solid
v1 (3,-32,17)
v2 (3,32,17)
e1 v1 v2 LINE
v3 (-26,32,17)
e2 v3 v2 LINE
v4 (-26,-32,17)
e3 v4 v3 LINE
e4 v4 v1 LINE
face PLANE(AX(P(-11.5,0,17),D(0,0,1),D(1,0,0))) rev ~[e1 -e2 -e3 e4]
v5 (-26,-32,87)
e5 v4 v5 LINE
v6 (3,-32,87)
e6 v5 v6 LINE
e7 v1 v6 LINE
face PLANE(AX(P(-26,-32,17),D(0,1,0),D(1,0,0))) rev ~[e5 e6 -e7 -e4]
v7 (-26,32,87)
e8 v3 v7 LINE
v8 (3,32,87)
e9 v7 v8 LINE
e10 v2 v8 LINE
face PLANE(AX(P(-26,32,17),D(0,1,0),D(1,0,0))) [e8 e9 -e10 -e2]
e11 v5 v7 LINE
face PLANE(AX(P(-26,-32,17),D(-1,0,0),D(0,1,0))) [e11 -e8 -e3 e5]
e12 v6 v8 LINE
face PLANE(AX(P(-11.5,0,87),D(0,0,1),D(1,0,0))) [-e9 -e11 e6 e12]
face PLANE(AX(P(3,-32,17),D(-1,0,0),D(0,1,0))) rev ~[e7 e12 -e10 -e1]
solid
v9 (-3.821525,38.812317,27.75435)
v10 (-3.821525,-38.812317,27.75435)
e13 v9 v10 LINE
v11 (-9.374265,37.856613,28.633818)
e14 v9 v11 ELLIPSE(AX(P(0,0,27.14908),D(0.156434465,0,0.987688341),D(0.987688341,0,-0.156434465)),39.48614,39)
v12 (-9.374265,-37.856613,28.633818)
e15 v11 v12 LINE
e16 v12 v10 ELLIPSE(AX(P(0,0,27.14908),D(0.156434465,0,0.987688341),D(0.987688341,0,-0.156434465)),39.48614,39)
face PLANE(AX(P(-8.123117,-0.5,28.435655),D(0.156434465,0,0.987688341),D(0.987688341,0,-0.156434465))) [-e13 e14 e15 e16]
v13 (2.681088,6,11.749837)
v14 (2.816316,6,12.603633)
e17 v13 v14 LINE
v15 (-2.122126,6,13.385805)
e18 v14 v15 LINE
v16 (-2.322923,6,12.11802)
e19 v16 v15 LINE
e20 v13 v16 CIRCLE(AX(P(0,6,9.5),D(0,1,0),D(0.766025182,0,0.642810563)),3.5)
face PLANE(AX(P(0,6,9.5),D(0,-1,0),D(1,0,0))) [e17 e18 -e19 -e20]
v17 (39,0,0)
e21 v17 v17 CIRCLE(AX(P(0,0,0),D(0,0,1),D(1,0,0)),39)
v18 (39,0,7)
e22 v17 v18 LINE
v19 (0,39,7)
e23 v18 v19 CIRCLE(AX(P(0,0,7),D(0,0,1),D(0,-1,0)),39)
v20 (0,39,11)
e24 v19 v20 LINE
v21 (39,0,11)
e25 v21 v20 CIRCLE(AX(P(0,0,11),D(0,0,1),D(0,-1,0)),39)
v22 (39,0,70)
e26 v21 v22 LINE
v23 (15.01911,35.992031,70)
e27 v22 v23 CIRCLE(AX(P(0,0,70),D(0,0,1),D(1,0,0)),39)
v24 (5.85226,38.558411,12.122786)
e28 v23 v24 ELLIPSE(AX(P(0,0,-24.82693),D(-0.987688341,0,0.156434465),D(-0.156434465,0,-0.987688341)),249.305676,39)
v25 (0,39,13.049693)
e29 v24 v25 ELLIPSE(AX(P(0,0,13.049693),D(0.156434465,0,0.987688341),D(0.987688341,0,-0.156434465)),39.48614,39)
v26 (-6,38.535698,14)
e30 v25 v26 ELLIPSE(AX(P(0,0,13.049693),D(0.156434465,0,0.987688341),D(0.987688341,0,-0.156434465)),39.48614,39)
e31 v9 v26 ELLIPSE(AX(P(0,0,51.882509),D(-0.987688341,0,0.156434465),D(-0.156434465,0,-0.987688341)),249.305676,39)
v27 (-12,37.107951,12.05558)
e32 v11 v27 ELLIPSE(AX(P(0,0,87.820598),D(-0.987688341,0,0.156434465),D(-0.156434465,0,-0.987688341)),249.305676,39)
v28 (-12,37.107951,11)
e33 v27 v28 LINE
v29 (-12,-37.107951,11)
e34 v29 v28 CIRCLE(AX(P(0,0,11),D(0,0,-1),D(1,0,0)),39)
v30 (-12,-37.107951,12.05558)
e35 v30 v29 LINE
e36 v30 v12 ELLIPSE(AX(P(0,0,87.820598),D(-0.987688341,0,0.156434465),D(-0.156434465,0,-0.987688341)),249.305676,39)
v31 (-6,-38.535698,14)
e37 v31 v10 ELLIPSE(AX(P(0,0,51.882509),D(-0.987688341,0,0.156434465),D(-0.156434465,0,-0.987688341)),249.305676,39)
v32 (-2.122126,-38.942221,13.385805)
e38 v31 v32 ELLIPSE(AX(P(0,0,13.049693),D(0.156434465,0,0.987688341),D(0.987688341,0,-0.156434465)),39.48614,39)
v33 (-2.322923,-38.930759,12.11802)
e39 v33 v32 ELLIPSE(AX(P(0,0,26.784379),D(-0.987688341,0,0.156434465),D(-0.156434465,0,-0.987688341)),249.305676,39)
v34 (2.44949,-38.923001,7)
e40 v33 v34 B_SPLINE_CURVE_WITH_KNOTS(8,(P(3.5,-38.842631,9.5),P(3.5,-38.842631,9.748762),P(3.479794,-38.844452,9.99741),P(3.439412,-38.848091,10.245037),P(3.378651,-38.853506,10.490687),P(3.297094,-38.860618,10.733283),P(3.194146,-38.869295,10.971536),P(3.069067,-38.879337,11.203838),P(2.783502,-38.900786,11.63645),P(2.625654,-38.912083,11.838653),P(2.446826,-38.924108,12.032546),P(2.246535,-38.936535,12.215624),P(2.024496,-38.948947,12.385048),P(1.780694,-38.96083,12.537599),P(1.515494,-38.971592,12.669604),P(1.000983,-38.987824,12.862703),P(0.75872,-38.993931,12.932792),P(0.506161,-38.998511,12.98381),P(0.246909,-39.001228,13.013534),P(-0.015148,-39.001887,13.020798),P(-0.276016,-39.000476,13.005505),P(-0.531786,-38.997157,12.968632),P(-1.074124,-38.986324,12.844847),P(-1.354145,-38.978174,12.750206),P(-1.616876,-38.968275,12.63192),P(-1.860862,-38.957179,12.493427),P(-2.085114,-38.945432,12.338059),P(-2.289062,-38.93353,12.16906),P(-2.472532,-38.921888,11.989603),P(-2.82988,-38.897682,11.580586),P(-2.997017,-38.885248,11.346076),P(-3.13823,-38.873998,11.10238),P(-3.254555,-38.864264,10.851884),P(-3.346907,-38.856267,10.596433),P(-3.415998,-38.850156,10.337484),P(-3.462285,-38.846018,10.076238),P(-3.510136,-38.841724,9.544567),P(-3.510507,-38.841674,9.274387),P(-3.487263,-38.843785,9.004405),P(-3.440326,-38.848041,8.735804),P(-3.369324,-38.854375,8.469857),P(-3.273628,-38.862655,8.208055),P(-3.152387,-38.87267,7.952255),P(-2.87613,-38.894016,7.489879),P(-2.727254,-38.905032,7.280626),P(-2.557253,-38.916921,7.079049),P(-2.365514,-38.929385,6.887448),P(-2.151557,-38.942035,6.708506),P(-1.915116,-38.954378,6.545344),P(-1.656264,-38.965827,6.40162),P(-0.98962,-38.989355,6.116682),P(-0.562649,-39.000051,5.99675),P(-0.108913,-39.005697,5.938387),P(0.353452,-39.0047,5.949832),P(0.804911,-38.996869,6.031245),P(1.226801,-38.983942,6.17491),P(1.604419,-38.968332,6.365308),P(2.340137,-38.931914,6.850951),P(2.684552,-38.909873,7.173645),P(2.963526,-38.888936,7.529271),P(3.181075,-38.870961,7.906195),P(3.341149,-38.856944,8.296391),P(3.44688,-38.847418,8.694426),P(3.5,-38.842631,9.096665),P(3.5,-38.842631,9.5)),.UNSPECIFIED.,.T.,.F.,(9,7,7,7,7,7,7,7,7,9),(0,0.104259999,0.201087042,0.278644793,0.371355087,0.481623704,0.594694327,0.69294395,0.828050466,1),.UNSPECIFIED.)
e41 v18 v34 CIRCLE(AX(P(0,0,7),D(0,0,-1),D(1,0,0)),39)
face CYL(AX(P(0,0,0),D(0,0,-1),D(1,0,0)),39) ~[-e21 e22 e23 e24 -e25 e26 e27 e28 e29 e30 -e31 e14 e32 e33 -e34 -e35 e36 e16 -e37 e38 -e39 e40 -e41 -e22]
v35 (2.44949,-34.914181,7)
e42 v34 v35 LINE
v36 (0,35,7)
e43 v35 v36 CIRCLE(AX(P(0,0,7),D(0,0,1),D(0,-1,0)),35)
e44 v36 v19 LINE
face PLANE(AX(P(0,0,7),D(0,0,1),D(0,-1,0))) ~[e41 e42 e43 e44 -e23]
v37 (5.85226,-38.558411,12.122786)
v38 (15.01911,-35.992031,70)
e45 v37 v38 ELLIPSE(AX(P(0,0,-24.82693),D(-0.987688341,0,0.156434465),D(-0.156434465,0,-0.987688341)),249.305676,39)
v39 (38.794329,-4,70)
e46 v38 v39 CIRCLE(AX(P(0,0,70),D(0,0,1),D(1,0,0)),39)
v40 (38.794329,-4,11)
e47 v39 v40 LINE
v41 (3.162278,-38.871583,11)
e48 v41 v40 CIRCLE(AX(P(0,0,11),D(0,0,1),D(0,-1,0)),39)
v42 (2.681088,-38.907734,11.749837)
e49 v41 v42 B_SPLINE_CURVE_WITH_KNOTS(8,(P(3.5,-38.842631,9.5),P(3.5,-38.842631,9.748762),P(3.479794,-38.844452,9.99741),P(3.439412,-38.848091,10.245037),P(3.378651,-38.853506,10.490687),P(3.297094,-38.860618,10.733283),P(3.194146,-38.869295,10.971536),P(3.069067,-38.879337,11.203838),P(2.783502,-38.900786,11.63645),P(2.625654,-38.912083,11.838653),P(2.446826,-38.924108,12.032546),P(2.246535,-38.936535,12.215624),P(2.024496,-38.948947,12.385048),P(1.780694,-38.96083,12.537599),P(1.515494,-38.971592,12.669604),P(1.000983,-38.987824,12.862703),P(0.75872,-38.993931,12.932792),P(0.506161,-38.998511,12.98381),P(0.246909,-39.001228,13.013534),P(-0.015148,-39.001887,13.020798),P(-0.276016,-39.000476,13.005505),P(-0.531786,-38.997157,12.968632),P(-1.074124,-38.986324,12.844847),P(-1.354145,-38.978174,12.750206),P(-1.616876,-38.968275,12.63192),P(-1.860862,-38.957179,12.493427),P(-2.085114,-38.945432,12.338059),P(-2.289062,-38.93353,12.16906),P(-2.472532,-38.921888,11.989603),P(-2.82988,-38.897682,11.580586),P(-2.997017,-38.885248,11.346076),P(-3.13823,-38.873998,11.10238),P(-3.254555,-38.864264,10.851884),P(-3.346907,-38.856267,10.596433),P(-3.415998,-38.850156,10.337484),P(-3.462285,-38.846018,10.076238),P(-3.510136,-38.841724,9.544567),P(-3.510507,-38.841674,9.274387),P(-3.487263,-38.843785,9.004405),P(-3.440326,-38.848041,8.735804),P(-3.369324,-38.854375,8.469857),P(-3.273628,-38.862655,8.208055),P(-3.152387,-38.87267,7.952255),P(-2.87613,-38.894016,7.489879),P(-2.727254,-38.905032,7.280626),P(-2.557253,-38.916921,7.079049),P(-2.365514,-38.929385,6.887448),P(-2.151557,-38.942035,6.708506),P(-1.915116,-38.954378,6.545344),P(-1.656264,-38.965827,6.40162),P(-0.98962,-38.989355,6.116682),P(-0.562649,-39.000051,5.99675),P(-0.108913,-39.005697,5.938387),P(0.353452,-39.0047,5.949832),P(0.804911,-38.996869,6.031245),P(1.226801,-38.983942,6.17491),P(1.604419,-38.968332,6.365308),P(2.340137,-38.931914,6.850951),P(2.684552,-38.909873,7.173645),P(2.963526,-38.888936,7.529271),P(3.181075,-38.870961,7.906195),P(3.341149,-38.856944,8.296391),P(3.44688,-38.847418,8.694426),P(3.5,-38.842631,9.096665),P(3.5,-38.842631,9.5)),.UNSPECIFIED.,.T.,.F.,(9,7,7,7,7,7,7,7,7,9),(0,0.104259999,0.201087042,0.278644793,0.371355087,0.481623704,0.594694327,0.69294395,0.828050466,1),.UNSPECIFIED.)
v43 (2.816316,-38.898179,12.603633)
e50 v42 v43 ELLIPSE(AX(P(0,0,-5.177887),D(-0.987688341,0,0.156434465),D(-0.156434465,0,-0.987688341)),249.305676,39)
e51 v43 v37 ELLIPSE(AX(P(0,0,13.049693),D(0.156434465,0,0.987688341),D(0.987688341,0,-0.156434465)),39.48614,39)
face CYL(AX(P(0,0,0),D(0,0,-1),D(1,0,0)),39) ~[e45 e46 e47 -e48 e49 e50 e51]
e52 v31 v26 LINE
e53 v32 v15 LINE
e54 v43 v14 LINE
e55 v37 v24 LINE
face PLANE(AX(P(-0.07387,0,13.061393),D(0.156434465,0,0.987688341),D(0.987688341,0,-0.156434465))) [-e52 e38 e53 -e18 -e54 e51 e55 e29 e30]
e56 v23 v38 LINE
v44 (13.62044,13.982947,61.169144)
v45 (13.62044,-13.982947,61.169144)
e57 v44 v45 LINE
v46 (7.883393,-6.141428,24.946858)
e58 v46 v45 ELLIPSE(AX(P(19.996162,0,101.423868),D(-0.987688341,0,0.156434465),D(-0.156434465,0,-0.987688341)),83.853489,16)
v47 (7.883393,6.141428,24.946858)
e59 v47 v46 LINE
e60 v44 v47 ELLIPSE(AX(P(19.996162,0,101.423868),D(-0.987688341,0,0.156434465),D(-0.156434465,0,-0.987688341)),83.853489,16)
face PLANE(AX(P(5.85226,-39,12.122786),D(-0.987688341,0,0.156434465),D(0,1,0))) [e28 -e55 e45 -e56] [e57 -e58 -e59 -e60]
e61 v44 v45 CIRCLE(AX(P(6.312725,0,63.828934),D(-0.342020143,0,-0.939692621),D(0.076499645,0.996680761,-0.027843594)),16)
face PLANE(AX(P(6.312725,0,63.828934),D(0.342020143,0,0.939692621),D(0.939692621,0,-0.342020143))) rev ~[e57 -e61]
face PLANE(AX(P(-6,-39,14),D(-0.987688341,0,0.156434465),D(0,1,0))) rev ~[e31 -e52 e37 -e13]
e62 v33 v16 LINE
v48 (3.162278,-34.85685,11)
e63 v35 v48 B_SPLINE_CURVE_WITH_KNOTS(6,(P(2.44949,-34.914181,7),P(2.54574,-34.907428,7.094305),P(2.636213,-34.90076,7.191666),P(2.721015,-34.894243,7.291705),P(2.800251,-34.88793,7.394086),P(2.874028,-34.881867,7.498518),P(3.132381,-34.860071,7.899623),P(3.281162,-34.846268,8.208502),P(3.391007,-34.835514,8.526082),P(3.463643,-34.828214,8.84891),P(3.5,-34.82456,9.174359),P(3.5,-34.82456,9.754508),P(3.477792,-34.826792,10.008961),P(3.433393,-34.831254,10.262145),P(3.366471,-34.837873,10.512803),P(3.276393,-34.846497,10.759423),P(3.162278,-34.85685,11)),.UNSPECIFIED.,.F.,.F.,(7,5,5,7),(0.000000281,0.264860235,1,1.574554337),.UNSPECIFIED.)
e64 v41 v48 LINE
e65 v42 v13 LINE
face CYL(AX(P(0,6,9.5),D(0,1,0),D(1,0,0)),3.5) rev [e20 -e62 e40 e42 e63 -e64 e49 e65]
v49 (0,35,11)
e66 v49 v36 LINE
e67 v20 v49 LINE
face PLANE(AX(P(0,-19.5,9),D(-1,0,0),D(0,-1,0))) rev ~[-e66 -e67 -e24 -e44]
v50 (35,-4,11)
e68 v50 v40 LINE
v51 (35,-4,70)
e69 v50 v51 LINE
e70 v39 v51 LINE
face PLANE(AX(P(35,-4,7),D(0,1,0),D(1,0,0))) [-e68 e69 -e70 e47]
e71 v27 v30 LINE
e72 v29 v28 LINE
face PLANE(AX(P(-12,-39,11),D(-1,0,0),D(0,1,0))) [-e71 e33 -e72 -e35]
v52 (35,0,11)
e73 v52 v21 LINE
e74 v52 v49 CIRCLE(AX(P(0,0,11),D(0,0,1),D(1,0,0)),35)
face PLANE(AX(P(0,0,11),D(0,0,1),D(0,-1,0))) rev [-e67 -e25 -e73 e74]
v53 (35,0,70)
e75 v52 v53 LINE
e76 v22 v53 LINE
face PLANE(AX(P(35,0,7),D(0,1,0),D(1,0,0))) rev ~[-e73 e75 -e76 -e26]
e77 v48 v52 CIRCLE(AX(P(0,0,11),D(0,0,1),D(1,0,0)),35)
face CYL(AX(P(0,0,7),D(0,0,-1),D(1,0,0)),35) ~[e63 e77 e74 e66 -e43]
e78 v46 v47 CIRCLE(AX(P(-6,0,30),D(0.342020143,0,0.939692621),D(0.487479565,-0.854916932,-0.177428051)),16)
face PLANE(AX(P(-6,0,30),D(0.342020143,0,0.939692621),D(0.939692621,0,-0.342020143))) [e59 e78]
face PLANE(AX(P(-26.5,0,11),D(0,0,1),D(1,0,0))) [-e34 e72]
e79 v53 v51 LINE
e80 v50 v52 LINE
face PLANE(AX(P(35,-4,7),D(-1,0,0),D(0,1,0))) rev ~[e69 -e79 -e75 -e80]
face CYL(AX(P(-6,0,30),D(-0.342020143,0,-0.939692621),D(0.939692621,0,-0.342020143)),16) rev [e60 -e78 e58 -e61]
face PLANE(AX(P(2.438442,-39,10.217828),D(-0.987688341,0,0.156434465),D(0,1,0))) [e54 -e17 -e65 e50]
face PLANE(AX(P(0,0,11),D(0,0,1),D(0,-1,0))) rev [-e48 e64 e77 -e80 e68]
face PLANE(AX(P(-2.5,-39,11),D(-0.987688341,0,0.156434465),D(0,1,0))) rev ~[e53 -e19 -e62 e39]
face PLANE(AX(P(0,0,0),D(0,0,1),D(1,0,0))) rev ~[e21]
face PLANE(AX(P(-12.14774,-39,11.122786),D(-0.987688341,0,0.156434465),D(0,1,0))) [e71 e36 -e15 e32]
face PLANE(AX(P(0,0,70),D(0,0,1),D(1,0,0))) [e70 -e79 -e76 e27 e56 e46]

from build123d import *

# Parameters (mm, degrees)
BOX003_W                    = 29
BOX003_H                    = 64
BOX003_DEPTH                = 70
BOX006_W                    = 20
BOX006_H                    = 79
BOX006_DEPTH                = 44
BOX006_PLACEMENT_ANGLE      = 9
BOX_W                       = 12
BOX_H                       = 78
BOX_DEPTH                   = 150
BOX_PLACEMENT_ANGLE         = 9
BOX001_W                    = 12
BOX001_H                    = 78
BOX001_DEPTH                = 150
BOX001_PLACEMENT_ANGLE      = 9
BOX002_W                    = 29
BOX002_H                    = 78
BOX002_DEPTH                = 150
CYLINDER004_R               = 16
CYLINDER004_DEPTH           = 36
CYLINDER004_PLACEMENT_ANGLE = 20
CYLINDER001_R               = 3.5
CYLINDER001_DEPTH           = 47
BOX005_W                    = 5
BOX005_H                    = 45
BOX005_DEPTH                = 10
BOX005_PLACEMENT_ANGLE      = 9
CYLINDER003_R               = 35
CYLINDER003_DEPTH           = 4
BOX004_W                    = 4
BOX004_H                    = 4
BOX004_DEPTH                = 83
CYLINDER002_W               = 39
CYLINDER002_H               = 4
CYLINDER002_ANGLE           = 180
CYLINDER_R                  = 39
CYLINDER_DEPTH              = 70


with BuildPart() as front_hole_small:
    # Box003 → Box003 (new body)
    with BuildSketch(Plane(origin=(-26, -32, 17), x_dir=(1, 0, 0), z_dir=(0, 0, 1))):
        with Locations((14.5, 32)):
            Rectangle(BOX003_W, BOX003_H)
    extrude(amount=BOX003_DEPTH)


with BuildPart() as arm_cutter:
    # Box006 → Box006 (new body)
    with BuildSketch(Plane.XY):
        with Locations((10, 39.5)):
            Rectangle(BOX006_W, BOX006_H)
    extrude(amount=BOX006_DEPTH)


with BuildPart() as arm_cutter_1:
    # Box006 placement: moved
    add(arm_cutter.part.moved(Location((-18, -40, 30))).rotate(Axis((-18, -40, 30), (0, 1, 0)), BOX006_PLACEMENT_ANGLE))


with BuildPart() as phone_model:
    # Box → Box (new body)
    with BuildSketch(Plane.XY):
        with Locations((6, 39)):
            Rectangle(BOX_W, BOX_H)
    extrude(amount=BOX_DEPTH)


with BuildPart() as phone_model_1:
    # Box placement: moved
    add(phone_model.part.moved(Location((-6, -39, 14))).rotate(Axis((-6, -39, 14), (0, 1, 0)), BOX_PLACEMENT_ANGLE))


with BuildPart() as front_hole:
    # Box001 → Box001 (new body)
    with BuildSketch(Plane.XY):
        with Locations((6, 39)):
            Rectangle(BOX001_W, BOX001_H)
    extrude(amount=BOX001_DEPTH)


with BuildPart() as front_hole_1:
    # Box001 placement: moved
    add(front_hole.part.moved(Location((-24, -39, 13))).rotate(Axis((-24, -39, 13), (0, 1, 0)), BOX001_PLACEMENT_ANGLE))


with BuildPart() as front_hole_big:
    # Box002 → Box002 (new body)
    with BuildSketch(Plane(origin=(-41, -39, 11), x_dir=(1, 0, 0), z_dir=(0, 0, 1))):
        with Locations((14.5, 39)):
            Rectangle(BOX002_W, BOX002_H)
    extrude(amount=BOX002_DEPTH)


with BuildPart() as holes:
    # Cylinder004 → Cylinder004 (new body)
    with BuildSketch(Plane.XY):
        Circle(CYLINDER004_R)
    extrude(amount=CYLINDER004_DEPTH)


with BuildPart() as holes_1:
    # Cylinder004 placement: moved
    add(holes.part.moved(Location((-6, 0, 30))).rotate(Axis((-6, 0, 30), (0, 1, 0)), CYLINDER004_PLACEMENT_ANGLE))

    # Fusion: union arm_cutter, phone_model, front_hole, front_hole_big
    add(arm_cutter_1.part)
    add(phone_model_1.part)
    add(front_hole_1.part)
    add(front_hole_big.part)


with BuildPart() as cylinder:
    # Cylinder001 → Cylinder001 (new body)
    with BuildSketch(Plane(origin=(0, 6, 9.5), x_dir=(1, 0, 0), z_dir=(0, -1, 0))):
        Circle(CYLINDER001_R)
    extrude(amount=CYLINDER001_DEPTH)


with BuildPart() as plug_cube:
    # Box005 → Box005 (new body)
    with BuildSketch(Plane.XY):
        with Locations((2.5, 22.5)):
            Rectangle(BOX005_W, BOX005_H)
    extrude(amount=BOX005_DEPTH)


with BuildPart() as plug_cube_1:
    # Box005 placement: moved
    add(plug_cube.part.moved(Location((-2.5, -39, 11))).rotate(Axis((-2.5, -39, 11), (0, 1, 0)), BOX005_PLACEMENT_ANGLE))


with BuildPart() as cord_hole_inner:
    # Cylinder003 → Cylinder003 (new body)
    with BuildSketch(Plane.XY):
        Circle(CYLINDER003_R)
    extrude(amount=CYLINDER003_DEPTH)


with BuildPart() as cube:
    # Box004 → Box004 (new body)
    with BuildSketch(Plane(origin=(35, -4, 0), x_dir=(1, 0, 0), z_dir=(0, 0, 1))):
        with Locations((2, 2)):
            Rectangle(BOX004_W, BOX004_H)
    extrude(amount=BOX004_DEPTH)


with BuildPart() as negative:
    # Cylinder002 → Cylinder002 (revolve)
    with BuildSketch(Plane(origin=(0, 0, 0), x_dir=(0, -1, 0), z_dir=(-1, 0, 0))):
        with Locations((19.5, 2)):
            Rectangle(CYLINDER002_W, CYLINDER002_H)
    revolve(axis=Axis((0, 0, 0), (0, 0, 1)), revolution_arc=CYLINDER002_ANGLE)

    # Fusion001: union Cube
    add(cube.part)

    # Cut001: cut cord_hole_inner
    add(cord_hole_inner.part, mode=Mode.SUBTRACT)


with BuildPart() as negative_1:
    # Cut001 placement: moved
    add(negative.part.moved(Location((0, 0, 7))))

    # Fusion002: union Cylinder, plug_cube
    add(cylinder.part)
    add(plug_cube_1.part)

    # Fusion003: union holes
    add(holes_1.part)


with BuildPart() as cut:
    # Cylinder → Cylinder (new body)
    with BuildSketch(Plane.XY):
        Circle(CYLINDER_R)
    extrude(amount=CYLINDER_DEPTH)

    # Cut: cut negative
    add(negative_1.part, mode=Mode.SUBTRACT)


solid = Compound([front_hole_small.part, cut.part])
